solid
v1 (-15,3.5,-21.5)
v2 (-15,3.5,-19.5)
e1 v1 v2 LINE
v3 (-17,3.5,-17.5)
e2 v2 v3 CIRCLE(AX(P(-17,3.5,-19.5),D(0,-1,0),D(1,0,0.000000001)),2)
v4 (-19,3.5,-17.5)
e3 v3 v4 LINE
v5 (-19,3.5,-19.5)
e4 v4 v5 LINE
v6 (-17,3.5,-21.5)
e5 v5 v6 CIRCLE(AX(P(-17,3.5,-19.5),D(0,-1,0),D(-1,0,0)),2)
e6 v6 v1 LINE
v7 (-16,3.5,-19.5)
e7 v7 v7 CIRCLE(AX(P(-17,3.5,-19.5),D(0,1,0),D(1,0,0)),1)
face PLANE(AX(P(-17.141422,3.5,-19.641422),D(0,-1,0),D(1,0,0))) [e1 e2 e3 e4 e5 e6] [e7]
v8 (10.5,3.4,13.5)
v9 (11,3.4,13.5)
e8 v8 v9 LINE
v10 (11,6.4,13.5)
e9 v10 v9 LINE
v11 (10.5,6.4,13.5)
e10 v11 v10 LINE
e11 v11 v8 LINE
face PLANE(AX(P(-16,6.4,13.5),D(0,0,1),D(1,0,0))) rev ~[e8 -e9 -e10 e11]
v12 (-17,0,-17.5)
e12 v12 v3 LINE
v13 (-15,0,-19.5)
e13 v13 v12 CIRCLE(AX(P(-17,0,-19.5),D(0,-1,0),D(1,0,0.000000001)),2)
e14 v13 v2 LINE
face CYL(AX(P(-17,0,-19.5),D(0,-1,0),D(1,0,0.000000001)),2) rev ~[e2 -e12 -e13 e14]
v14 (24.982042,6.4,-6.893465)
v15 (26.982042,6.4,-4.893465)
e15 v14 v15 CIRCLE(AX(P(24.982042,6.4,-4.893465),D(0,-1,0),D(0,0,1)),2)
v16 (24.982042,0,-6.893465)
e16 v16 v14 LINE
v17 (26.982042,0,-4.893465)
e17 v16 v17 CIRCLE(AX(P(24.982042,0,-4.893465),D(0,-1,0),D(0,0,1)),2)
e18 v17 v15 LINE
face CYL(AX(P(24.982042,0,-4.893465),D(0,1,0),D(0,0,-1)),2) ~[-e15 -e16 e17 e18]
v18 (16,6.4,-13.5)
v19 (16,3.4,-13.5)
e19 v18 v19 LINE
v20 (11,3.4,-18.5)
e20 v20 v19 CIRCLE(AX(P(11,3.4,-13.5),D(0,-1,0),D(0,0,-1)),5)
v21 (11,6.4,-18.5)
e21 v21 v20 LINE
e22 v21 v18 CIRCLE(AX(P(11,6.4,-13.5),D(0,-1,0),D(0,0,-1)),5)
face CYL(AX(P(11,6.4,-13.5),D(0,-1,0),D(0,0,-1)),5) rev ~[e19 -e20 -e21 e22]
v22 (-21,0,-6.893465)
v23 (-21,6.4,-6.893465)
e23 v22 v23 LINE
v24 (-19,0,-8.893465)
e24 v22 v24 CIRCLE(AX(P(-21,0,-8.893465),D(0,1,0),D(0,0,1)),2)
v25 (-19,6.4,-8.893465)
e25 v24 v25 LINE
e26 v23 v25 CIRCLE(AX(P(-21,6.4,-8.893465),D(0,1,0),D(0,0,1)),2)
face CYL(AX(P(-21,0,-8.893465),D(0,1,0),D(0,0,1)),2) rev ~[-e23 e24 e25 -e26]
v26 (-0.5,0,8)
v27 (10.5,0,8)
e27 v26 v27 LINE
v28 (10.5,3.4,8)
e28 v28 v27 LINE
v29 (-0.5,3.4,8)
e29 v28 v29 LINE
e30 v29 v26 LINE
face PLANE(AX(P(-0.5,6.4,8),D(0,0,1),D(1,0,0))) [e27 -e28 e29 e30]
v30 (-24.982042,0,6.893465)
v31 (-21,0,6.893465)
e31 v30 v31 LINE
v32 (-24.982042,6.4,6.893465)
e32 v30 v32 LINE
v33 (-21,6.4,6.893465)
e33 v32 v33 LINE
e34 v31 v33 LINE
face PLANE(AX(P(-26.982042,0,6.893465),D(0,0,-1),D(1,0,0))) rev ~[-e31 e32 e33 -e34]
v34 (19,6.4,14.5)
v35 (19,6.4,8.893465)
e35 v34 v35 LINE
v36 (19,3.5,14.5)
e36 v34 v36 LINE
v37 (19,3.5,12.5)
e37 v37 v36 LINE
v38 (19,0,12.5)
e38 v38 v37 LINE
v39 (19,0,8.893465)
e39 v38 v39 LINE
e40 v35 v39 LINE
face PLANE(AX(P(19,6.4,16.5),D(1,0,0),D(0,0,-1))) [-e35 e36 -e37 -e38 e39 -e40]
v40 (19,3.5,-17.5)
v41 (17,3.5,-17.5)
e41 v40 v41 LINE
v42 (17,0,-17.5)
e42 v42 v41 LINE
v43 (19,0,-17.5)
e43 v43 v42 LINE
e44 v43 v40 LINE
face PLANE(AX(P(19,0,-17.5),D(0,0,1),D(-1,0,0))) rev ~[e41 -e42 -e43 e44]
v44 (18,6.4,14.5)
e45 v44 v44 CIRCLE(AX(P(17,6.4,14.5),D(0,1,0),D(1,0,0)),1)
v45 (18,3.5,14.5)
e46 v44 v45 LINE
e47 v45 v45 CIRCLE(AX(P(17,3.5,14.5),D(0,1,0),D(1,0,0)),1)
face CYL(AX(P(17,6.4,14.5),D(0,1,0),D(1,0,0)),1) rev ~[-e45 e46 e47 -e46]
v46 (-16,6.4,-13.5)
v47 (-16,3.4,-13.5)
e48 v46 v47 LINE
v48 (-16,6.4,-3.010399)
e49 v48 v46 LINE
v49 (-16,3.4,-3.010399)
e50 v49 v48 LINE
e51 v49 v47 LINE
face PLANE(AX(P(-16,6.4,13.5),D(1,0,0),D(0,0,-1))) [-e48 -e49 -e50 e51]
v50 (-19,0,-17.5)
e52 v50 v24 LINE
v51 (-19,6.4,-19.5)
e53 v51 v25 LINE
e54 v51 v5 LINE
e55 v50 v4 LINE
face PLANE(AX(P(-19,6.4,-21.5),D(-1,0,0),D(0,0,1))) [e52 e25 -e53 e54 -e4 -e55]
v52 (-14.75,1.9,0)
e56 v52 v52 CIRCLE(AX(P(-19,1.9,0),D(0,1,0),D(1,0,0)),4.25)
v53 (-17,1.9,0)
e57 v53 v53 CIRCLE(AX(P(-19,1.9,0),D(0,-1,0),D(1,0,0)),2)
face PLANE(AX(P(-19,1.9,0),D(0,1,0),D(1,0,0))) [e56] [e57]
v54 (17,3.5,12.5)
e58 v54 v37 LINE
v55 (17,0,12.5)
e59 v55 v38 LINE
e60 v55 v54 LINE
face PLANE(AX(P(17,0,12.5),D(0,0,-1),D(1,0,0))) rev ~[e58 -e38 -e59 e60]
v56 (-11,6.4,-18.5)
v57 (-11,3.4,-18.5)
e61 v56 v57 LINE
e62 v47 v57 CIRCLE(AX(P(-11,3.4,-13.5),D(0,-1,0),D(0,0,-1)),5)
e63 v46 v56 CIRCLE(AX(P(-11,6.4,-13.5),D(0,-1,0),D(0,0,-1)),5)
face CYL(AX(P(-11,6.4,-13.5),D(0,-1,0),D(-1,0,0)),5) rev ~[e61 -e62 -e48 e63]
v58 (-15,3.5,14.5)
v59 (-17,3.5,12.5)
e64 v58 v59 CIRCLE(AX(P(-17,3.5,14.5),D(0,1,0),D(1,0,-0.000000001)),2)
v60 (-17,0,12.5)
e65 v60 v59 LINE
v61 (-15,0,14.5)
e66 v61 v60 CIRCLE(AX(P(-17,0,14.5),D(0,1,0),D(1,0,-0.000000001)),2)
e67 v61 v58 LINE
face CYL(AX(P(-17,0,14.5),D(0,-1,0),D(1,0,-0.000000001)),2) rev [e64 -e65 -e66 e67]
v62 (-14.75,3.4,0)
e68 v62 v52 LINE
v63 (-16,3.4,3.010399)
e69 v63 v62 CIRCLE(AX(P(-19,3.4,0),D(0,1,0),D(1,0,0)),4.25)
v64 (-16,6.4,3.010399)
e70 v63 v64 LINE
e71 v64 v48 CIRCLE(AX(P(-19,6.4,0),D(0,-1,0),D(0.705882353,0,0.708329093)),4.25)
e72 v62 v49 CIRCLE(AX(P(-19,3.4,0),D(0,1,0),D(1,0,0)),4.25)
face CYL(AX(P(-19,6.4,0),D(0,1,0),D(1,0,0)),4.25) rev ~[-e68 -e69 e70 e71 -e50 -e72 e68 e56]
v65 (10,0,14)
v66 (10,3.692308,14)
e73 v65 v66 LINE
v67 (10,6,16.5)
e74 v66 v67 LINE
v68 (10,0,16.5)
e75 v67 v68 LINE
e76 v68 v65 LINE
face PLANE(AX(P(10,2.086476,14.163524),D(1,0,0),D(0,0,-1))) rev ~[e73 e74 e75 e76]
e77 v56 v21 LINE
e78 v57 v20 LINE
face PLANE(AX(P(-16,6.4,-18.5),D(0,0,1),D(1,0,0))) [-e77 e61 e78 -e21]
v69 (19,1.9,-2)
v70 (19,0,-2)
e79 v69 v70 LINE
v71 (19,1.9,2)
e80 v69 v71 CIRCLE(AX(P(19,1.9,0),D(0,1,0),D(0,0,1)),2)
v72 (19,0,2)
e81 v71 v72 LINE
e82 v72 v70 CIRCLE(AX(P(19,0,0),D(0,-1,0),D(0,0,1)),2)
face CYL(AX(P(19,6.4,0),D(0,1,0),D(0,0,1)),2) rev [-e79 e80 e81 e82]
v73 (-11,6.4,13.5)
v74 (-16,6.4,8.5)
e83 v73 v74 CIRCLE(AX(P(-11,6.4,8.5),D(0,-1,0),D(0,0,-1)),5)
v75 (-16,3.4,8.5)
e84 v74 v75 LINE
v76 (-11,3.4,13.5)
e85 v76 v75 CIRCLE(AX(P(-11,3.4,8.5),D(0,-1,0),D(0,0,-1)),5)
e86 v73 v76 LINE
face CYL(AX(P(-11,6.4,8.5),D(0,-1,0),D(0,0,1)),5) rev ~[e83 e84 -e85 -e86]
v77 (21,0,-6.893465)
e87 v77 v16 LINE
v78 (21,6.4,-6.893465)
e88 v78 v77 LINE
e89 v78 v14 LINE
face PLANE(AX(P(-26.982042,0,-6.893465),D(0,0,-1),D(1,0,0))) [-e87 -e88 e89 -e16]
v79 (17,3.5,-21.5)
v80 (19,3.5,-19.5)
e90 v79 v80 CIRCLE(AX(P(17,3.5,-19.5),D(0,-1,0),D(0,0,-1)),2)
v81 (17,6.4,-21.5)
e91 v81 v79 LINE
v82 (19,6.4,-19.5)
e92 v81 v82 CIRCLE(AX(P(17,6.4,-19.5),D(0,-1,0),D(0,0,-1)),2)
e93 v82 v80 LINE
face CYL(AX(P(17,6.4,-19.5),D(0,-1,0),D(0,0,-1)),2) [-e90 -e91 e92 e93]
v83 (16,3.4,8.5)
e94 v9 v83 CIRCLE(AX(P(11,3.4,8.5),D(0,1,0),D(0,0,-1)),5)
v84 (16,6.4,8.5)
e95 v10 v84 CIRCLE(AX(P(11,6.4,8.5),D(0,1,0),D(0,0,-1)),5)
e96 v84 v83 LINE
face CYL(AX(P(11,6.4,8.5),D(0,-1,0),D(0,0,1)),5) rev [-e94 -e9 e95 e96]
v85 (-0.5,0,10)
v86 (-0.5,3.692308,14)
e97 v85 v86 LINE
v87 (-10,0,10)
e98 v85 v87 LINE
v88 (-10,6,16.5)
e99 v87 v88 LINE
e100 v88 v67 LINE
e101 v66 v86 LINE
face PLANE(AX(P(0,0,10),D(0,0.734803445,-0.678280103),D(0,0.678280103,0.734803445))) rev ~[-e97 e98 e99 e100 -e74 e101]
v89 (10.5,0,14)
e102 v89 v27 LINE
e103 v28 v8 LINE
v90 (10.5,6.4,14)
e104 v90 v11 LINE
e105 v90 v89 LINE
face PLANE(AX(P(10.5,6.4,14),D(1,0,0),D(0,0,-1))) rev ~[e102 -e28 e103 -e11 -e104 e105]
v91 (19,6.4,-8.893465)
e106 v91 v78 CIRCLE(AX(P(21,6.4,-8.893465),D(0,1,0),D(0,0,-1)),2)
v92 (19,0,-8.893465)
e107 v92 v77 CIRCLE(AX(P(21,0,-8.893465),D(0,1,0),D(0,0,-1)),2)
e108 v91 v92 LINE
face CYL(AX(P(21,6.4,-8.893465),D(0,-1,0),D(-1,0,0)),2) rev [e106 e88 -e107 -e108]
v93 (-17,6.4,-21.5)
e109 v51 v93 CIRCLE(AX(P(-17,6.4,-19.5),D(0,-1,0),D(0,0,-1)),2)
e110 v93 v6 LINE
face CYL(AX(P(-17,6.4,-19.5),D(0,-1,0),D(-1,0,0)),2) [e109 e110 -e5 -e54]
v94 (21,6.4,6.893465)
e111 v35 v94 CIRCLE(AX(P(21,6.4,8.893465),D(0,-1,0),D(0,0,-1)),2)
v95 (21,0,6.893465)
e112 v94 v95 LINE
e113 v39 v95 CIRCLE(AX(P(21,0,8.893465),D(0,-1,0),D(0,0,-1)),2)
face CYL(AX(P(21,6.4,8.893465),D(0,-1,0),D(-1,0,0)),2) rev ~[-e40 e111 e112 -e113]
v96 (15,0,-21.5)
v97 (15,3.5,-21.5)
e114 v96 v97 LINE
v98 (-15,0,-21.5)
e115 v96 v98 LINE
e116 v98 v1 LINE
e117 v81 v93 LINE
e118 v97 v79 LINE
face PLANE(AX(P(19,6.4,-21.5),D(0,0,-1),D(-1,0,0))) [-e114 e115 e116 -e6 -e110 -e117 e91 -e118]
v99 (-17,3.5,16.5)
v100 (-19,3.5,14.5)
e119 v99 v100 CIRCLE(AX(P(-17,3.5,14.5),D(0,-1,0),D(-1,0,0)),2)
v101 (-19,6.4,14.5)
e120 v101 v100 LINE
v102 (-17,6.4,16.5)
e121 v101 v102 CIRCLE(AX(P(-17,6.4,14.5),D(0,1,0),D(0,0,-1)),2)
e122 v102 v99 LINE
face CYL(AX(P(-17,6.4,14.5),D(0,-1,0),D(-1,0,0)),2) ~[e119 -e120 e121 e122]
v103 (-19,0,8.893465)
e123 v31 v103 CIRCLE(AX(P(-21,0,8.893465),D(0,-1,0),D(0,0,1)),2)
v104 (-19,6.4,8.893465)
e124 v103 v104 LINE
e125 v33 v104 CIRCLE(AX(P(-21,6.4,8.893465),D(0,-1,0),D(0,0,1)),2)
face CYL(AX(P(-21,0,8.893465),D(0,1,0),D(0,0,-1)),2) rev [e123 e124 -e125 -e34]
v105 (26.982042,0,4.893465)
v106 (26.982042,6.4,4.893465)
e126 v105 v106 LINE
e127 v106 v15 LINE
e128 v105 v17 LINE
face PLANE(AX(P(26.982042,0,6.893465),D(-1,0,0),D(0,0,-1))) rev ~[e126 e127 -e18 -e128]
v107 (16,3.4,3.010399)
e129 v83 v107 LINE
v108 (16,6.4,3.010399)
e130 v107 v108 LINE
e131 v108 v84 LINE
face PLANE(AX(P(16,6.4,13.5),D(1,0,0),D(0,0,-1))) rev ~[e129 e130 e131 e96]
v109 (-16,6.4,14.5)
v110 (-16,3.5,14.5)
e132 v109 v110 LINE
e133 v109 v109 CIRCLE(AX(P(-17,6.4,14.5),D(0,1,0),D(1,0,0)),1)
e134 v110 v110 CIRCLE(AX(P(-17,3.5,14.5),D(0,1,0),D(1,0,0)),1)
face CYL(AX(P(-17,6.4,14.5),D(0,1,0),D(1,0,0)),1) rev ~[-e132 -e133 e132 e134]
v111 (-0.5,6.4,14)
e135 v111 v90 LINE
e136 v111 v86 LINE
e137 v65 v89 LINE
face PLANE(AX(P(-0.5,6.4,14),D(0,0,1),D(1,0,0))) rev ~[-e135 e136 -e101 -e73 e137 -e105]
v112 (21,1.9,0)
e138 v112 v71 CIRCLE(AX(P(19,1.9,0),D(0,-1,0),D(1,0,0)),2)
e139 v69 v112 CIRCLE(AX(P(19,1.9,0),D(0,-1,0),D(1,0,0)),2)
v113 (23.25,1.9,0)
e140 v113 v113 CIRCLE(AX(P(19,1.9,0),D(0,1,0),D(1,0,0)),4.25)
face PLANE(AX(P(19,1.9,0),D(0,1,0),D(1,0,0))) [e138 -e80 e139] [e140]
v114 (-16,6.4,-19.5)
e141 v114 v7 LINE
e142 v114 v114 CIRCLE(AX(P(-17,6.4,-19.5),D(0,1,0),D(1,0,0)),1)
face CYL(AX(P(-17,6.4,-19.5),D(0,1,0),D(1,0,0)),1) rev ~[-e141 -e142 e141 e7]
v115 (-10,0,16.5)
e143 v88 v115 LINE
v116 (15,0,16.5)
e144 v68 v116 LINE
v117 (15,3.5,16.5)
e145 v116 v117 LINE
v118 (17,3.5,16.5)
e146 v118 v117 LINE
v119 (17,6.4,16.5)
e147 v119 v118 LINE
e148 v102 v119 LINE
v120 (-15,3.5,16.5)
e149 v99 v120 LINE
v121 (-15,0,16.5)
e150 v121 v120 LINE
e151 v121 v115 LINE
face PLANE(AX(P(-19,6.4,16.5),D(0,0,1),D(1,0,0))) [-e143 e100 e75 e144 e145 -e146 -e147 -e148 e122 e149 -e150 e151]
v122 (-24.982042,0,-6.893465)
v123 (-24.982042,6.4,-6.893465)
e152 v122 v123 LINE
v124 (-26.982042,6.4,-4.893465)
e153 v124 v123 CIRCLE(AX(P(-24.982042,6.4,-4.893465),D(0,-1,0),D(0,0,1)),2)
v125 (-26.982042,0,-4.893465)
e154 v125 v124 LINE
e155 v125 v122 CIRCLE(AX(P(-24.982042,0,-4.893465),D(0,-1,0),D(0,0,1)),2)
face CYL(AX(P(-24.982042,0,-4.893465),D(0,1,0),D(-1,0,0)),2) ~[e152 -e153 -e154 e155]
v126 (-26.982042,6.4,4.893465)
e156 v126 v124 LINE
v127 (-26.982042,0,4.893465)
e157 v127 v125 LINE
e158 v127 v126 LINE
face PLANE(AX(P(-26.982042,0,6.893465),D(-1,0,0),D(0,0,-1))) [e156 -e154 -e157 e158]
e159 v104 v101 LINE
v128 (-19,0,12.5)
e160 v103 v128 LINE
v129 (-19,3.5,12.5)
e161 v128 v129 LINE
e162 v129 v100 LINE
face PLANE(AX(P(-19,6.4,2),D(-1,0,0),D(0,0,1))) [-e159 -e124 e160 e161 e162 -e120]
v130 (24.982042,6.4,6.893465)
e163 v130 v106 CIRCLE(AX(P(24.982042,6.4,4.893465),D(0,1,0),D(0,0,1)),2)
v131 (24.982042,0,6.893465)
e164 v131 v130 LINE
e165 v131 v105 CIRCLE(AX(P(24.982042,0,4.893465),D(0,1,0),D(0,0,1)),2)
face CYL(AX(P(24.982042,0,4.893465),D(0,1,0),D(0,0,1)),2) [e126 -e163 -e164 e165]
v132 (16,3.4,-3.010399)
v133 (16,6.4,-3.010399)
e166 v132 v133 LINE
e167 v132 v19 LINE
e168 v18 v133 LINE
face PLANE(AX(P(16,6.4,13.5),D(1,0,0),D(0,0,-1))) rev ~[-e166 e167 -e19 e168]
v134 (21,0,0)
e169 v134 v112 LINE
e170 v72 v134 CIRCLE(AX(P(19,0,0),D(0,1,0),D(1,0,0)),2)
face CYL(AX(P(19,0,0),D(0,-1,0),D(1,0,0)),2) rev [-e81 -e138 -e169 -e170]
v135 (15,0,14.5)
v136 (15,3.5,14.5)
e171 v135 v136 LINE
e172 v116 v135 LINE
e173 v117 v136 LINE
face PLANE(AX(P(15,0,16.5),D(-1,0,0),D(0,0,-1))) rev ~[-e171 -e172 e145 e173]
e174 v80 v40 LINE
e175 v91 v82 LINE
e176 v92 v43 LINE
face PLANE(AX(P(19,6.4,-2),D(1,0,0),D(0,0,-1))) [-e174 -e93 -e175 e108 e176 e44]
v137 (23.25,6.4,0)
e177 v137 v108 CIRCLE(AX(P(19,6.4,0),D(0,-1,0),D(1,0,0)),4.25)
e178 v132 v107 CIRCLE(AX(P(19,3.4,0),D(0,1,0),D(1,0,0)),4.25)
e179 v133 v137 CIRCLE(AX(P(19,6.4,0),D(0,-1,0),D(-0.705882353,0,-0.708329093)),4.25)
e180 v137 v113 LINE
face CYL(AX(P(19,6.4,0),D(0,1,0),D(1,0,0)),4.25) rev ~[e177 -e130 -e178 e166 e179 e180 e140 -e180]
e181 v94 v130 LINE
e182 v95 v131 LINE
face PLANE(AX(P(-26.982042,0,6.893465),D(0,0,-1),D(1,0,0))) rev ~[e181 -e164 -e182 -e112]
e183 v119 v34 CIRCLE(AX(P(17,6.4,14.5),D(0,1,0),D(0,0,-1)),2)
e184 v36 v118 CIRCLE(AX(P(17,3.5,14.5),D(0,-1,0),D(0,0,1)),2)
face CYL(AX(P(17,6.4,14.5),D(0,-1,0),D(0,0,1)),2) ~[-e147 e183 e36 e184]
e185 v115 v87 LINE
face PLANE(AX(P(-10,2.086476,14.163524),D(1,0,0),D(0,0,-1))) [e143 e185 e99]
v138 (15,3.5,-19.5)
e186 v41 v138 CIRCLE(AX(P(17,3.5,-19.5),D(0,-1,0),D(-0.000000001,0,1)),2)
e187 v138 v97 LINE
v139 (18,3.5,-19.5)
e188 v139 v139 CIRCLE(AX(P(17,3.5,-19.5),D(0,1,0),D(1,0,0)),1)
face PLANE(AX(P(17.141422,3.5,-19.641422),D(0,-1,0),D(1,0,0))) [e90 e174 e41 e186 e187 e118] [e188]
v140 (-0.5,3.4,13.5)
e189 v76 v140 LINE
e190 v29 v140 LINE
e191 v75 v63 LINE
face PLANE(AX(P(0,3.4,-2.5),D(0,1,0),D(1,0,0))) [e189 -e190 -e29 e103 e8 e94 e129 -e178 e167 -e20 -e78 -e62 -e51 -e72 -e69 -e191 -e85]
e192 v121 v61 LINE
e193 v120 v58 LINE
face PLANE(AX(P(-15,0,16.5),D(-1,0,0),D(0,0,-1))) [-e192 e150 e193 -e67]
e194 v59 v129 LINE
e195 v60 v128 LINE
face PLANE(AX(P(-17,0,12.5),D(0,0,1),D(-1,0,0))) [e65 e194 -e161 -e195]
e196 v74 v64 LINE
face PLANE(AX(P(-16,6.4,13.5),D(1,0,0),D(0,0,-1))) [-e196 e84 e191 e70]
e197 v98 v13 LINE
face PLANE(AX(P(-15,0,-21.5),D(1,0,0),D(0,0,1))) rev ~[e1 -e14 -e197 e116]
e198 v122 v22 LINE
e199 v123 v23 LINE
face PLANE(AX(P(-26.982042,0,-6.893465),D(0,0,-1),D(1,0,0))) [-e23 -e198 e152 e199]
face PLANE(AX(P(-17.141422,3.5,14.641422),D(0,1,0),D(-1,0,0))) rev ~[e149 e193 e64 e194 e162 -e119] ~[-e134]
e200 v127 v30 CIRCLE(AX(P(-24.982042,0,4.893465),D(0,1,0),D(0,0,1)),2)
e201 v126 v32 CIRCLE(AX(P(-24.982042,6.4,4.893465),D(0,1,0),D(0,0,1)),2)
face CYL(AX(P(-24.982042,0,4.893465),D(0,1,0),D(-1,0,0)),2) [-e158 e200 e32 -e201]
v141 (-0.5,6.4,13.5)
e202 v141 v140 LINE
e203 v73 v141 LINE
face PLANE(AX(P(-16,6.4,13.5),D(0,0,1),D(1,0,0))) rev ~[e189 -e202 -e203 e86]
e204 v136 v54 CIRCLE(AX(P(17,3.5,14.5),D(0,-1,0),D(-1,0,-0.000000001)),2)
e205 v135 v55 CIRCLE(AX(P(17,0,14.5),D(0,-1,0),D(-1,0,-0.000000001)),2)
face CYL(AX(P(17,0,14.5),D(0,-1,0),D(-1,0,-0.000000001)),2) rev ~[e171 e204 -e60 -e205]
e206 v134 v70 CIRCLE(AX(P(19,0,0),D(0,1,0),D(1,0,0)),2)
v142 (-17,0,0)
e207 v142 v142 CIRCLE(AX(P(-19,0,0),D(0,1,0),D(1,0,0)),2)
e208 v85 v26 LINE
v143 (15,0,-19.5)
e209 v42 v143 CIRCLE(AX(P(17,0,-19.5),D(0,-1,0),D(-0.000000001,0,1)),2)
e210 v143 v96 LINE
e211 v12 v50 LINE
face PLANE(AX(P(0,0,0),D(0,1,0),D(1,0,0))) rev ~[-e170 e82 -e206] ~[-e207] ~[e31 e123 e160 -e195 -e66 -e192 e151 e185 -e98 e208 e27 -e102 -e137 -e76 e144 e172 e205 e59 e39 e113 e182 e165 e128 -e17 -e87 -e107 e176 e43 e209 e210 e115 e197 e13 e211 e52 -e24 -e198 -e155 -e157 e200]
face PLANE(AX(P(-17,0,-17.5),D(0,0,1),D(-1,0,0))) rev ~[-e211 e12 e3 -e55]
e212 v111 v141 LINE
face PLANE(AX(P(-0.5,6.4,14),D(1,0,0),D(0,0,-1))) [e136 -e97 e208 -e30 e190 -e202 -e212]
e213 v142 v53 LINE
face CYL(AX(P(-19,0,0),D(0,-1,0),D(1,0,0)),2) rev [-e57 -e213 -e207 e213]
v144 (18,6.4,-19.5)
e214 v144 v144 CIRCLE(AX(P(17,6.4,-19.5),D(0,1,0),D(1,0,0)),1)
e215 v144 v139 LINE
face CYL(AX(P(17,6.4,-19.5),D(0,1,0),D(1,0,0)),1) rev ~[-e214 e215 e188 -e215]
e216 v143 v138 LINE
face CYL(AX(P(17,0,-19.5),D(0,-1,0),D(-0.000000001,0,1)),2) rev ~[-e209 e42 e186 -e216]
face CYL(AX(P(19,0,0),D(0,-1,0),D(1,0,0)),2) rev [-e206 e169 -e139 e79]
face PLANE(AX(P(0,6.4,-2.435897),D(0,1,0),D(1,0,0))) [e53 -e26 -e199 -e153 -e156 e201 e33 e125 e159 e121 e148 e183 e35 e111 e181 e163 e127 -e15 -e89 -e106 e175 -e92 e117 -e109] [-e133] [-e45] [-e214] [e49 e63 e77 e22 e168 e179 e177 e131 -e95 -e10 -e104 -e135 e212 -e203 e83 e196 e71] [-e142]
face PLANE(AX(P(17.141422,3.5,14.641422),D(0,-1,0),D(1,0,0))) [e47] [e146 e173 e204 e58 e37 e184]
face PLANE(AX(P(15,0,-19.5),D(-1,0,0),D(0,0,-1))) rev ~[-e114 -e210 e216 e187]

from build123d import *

# Parameters (mm, degrees)
SKETCH1_W           = 53.964084124
SKETCH1_H           = 13.786930342
SKETCH1_R           = 2
BOSS_EXTRUDE1_DEPTH = 6.4
SKETCH3_R           = 1
BOSS_EXTRUDE2_DEPTH = 6.4
SKETCH4_R           = 4.25
CUT_EXTRUDE1_DEPTH  = 4.5
SKETCH5_W           = 11
SKETCH5_H           = 6
CUT_EXTRUDE2_DEPTH  = 7.4
SKETCH6_W           = 32
SKETCH6_H           = 32
CUT_EXTRUDE3_DEPTH  = 3
FILLET2_R           = 2
FILLET3_R           = 5
CUT_EXTRUDE4_DEPTH  = 3.5
CUT_EXTRUDE5_DEPTH  = 10


with BuildPart() as part:
    # Sketch1 → Boss-Extrude1 (new body)
    with BuildSketch(Plane(origin=(0, 0, 0), x_dir=(1, 0, 0), z_dir=(0, 1, 0))):
        Rectangle(SKETCH1_W, SKETCH1_H)
        with Locations((-19, 0)):
            Circle(SKETCH1_R, mode=Mode.SUBTRACT)
        with Locations((19, 0)):
            Circle(SKETCH1_R, mode=Mode.SUBTRACT)
    extrude(amount=BOSS_EXTRUDE1_DEPTH)

    # Sketch3 → Boss-Extrude2 (add)
    with BuildSketch(Plane(origin=(0, 6.4, 0), x_dir=(1, 0, 0), z_dir=(0, 1, 0))):
        with BuildLine():
            Line((19, 2), (19, 21.5))
            Line((19, 21.5), (-19, 21.5))
            Line((-19, 21.5), (-19, 2))
            ThreePointArc((-19, 2), (-17, 0), (-19, -2))
            Line((-19, -2), (-19, -16.5))
            Line((-19, -16.5), (19, -16.5))
            Line((19, -16.5), (19, -2))
            ThreePointArc((19, -2), (17, 0), (19, 2))
        make_face()
        with Locations((-17, 19.5)):
            Circle(SKETCH3_R, mode=Mode.SUBTRACT)
        with Locations((17, 19.5)):
            Circle(SKETCH3_R, mode=Mode.SUBTRACT)
        with Locations((-17, -14.5)):
            Circle(SKETCH3_R, mode=Mode.SUBTRACT)
        with Locations((17, -14.5)):
            Circle(SKETCH3_R, mode=Mode.SUBTRACT)
    extrude(amount=-BOSS_EXTRUDE2_DEPTH)

    # Sketch4 → Cut-Extrude1 (cut)
    with BuildSketch(Plane(origin=(0, 6.4, 0), x_dir=(1, 0, 0), z_dir=(0, 1, 0))):
        with Locations((-19, 0)):
            Circle(SKETCH4_R)
        with Locations((19, 0)):
            Circle(SKETCH4_R)
    extrude(amount=-CUT_EXTRUDE1_DEPTH, mode=Mode.SUBTRACT)

    # Sketch5 → Cut-Extrude2 (cut, through all)
    with BuildSketch(Plane(origin=(0, 6.4, 0), x_dir=(1, 0, 0), z_dir=(0, 1, 0))):
        with Locations((5, -11)):
            Rectangle(SKETCH5_W, SKETCH5_H)
    extrude(amount=-CUT_EXTRUDE2_DEPTH, mode=Mode.SUBTRACT)

    # Sketch6 → Cut-Extrude3 (cut)
    with BuildSketch(Plane(origin=(0, 6.4, 0), x_dir=(1, 0, 0), z_dir=(0, 1, 0))):
        with Locations((0, 2.5)):
            Rectangle(SKETCH6_W, SKETCH6_H)
    extrude(amount=-CUT_EXTRUDE3_DEPTH, mode=Mode.SUBTRACT)

    # Fillet2
    fillet2_edges = [part.edges().sort_by_distance(p)[0] for p in [
        (-19, 3.2, 16.5),
        (19, 3.2, -21.5),
        (-19, 3.2, -21.5),
        (19, 3.2, -6.893465171),
        (19, 3.2, 6.893465171),
        (19, 3.2, 16.5),
        (-19, 3.2, 6.893465171),
        (-19, 3.2, -6.893465171),
        (26.982042062, 3.2, 6.893465171),
        (-26.982042062, 3.2, 6.893465171),
        (-26.982042062, 3.2, -6.893465171),
        (26.982042062, 3.2, -6.893465171),
    ]]
    fillet(fillet2_edges, radius=FILLET2_R)

    # Fillet3
    fillet3_edges = [part.edges().sort_by_distance(p)[0] for p in [
        (16, 4.9, -18.5),
        (-16, 4.9, 13.5),
        (16, 4.9, 13.5),
        (-16, 4.9, -18.5),
    ]]
    fillet(fillet3_edges, radius=FILLET3_R)

    # Sketch7 → Cut-Extrude4 (cut)
    with BuildSketch(Plane.XZ):
        with BuildLine():
            Line((-17, -17.5), (-19, -17.5))
            Line((-19, -17.5), (-19, -21.5))
            Line((-19, -21.5), (-15, -21.5))
            Line((-15, -21.5), (-15, -19.5))
            ThreePointArc((-15, -19.5), (-15.585786438, -18.085786438), (-17, -17.5))
        make_face()
        with BuildLine():
            Line((15, -19.5), (15, -21.5))
            Line((15, -21.5), (19, -21.5))
            Line((19, -21.5), (19, -17.5))
            Line((19, -17.5), (17, -17.5))
            ThreePointArc((17, -17.5), (15.585786438, -18.085786438), (15, -19.5))
        make_face()
        with BuildLine():
            Line((-17, 12.5), (-19, 12.5))
            Line((-19, 12.5), (-19, 16.5))
            Line((-19, 16.5), (-15, 16.5))
            Line((-15, 16.5), (-15, 14.5))
            ThreePointArc((-15, 14.5), (-15.585786438, 13.085786438), (-17, 12.5))
        make_face()
        with BuildLine():
            Line((17, 12.5), (19, 12.5))
            Line((19, 12.5), (19, 16.5))
            Line((19, 16.5), (15, 16.5))
            Line((15, 16.5), (15, 14.5))
            ThreePointArc((15, 14.5), (15.585786438, 13.085786438), (17, 12.5))
        make_face()
    extrude(amount=-CUT_EXTRUDE4_DEPTH, mode=Mode.SUBTRACT)

    # Sketch8 → Cut-Extrude5 (cut, symmetric)
    with BuildSketch(Plane(origin=(0, 0, 0), x_dir=(0, 0, -1), z_dir=(1, 0, 0))):
        Polygon((-10, 0), (-16.5, 6), (-16.5, 0), align=None)
    extrude(amount=CUT_EXTRUDE5_DEPTH, both=True, mode=Mode.SUBTRACT)


solid = part.part
